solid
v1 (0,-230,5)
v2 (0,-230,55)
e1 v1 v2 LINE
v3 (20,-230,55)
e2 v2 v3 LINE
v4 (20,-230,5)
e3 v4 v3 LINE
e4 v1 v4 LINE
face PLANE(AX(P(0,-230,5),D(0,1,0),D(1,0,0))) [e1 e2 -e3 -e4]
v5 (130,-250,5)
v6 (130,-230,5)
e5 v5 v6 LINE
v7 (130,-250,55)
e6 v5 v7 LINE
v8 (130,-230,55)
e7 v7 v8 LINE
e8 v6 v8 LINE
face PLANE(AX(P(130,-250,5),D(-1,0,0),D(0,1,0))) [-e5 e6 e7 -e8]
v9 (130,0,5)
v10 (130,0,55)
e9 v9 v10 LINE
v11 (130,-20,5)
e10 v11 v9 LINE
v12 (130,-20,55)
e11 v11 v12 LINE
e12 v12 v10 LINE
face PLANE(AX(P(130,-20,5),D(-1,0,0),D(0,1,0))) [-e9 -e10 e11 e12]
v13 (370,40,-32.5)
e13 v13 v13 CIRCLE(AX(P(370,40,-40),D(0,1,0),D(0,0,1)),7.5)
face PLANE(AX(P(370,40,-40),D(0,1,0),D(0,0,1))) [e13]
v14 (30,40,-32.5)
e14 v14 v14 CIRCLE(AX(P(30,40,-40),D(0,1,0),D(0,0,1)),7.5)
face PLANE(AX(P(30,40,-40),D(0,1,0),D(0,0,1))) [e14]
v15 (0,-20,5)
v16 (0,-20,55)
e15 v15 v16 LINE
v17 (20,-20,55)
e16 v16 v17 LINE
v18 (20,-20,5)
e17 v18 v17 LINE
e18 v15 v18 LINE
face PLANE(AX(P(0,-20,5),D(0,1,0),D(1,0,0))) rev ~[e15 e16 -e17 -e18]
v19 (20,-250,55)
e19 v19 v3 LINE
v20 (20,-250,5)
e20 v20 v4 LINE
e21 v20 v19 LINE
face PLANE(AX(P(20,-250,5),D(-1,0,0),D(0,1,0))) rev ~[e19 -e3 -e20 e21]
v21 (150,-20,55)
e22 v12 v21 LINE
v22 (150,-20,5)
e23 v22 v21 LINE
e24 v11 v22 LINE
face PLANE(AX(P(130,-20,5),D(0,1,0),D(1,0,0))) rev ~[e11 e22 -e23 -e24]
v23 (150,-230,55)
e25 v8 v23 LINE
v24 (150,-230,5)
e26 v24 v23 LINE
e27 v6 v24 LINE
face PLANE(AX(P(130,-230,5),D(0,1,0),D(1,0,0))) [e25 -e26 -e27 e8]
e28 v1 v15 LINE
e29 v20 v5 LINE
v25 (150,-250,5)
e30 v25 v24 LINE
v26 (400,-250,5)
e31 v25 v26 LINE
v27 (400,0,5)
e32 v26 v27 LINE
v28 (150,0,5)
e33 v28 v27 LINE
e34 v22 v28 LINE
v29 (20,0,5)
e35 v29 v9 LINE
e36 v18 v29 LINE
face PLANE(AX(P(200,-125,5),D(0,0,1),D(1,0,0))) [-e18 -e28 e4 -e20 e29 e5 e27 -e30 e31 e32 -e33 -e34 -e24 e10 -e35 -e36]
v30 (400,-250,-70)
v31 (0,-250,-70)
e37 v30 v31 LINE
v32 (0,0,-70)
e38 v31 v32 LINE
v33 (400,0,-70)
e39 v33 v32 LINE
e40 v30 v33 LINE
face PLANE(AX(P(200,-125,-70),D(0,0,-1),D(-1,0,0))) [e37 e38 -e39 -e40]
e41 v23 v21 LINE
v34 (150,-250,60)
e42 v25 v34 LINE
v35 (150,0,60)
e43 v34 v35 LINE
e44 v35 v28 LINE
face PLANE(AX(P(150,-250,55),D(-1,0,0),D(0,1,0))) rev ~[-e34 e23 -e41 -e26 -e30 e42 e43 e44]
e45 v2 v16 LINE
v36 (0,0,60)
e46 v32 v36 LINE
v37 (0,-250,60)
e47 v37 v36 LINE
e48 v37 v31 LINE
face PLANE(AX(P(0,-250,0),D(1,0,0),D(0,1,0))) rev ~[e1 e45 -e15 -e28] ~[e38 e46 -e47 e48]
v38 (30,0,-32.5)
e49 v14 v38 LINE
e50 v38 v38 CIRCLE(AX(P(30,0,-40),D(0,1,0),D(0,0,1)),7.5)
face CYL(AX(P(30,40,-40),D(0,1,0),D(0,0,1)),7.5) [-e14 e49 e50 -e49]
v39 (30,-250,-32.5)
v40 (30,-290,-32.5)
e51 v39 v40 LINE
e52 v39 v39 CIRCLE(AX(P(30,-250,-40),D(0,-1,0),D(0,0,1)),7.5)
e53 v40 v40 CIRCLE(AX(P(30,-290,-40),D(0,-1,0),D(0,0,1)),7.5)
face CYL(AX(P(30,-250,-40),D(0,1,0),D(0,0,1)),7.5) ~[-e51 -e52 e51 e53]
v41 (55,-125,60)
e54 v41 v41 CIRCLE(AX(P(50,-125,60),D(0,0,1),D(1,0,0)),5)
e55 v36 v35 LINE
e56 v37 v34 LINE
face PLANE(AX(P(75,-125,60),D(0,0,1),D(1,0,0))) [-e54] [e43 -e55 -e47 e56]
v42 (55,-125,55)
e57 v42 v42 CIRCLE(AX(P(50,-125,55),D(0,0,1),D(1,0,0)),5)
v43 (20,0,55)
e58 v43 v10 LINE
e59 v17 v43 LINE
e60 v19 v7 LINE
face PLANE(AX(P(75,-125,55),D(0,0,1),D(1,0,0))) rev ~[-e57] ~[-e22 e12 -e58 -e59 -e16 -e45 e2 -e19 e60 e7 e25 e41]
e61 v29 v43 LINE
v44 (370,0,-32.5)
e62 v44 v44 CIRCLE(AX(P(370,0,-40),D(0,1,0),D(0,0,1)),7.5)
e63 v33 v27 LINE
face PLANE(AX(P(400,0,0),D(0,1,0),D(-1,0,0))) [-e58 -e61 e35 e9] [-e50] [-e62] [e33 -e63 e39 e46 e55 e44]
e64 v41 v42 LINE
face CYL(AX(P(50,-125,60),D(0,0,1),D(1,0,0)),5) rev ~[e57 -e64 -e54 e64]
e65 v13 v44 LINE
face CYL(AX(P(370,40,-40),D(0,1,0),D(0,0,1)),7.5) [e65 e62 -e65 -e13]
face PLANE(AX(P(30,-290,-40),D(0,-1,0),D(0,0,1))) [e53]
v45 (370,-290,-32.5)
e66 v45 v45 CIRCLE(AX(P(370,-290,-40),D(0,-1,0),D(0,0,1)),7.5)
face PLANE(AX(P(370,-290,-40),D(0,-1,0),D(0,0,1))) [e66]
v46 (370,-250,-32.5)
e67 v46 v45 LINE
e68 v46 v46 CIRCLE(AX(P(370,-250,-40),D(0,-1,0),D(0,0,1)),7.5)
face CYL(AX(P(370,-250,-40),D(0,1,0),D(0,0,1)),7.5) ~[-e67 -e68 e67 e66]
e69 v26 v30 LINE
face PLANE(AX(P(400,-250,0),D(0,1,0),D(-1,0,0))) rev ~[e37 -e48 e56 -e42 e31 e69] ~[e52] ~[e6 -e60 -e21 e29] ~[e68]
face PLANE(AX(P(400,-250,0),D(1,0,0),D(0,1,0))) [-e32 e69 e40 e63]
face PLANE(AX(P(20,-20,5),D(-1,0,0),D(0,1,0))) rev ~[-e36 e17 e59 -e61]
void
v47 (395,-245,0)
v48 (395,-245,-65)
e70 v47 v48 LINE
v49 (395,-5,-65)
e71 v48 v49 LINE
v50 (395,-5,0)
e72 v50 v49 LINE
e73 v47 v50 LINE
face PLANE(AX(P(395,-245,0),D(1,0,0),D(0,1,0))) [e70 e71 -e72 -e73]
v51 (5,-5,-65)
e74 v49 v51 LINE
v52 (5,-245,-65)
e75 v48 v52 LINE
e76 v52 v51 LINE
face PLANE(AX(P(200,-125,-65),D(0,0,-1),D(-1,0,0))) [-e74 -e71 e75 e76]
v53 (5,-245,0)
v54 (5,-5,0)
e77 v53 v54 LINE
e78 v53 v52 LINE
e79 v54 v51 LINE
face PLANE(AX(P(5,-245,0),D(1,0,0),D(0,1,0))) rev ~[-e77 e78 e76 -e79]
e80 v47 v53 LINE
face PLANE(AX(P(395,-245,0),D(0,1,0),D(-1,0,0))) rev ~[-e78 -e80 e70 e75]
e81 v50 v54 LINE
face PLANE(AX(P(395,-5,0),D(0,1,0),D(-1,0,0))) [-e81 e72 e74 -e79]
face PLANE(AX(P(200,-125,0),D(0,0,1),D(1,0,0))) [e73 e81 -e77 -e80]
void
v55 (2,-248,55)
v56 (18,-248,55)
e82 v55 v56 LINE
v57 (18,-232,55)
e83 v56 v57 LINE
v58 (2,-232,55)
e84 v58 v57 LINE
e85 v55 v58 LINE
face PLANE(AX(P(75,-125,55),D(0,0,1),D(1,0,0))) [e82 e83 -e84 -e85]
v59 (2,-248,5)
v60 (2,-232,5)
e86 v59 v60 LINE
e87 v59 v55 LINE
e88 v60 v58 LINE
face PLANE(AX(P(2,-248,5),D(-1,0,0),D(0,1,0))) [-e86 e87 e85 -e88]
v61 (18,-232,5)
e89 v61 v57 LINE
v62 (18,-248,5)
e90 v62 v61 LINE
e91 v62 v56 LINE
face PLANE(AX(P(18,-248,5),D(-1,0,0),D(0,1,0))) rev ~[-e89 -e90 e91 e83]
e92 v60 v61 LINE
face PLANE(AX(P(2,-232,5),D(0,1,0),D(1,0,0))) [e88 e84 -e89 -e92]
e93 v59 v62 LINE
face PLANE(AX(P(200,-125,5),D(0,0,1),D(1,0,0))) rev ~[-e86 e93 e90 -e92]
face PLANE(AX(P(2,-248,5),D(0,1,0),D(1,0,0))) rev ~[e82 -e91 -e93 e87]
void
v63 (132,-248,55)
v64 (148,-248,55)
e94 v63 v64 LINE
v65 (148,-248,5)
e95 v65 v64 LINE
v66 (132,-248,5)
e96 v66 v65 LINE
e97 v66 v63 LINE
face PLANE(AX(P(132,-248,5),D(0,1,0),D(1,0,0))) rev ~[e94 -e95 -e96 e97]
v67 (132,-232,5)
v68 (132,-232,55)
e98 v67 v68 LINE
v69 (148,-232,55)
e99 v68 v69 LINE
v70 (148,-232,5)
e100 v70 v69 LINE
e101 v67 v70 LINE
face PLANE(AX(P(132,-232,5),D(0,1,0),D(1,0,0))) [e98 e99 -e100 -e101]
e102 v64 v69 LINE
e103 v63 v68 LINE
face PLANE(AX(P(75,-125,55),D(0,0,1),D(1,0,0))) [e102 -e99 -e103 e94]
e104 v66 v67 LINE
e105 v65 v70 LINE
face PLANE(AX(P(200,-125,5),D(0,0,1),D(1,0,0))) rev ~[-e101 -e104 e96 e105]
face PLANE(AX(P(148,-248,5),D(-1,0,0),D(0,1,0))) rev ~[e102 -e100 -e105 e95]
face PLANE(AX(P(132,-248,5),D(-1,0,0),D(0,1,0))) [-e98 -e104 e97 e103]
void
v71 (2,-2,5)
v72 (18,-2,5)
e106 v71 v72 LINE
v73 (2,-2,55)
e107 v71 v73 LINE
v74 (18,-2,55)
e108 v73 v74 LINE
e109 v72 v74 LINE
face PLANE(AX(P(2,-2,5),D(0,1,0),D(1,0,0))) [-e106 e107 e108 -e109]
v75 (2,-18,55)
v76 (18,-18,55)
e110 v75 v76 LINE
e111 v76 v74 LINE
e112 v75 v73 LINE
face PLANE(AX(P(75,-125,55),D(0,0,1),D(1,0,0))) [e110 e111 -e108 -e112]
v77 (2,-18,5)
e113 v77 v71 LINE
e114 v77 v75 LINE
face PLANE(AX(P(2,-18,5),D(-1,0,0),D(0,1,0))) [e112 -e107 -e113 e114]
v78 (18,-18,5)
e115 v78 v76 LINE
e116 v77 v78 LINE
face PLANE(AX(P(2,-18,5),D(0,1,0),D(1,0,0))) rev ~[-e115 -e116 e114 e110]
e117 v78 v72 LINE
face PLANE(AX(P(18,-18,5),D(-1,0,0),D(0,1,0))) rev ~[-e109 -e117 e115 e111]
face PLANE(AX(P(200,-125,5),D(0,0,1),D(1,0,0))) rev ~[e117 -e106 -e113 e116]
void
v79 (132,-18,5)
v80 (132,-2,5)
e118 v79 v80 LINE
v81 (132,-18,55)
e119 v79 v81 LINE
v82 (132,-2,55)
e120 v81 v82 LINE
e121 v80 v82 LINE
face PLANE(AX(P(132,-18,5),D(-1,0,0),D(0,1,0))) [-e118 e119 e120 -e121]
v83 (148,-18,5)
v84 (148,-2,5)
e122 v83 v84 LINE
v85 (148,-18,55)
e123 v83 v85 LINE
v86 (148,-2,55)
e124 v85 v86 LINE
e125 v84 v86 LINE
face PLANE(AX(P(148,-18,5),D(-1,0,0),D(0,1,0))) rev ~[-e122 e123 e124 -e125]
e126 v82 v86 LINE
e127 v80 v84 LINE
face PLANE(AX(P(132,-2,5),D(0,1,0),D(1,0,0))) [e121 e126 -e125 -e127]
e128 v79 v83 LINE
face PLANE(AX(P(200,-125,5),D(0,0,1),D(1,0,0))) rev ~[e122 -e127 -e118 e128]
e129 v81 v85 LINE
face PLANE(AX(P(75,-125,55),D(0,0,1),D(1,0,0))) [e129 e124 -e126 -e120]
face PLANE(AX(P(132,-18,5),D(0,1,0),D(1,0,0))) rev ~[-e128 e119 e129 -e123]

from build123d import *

# Parameters (mm, degrees)
SKETCH1_W           = 400
SKETCH1_H           = 250
BOSS_EXTRUDE1_DEPTH = 5
SKETCH2_W           = 20
SKETCH2_H           = 20
SKETCH2_W_2         = 16
SKETCH2_H_2         = 16
BOSS_EXTRUDE3_DEPTH = 50
SKETCH3_W           = 150
SKETCH3_H           = 250
BOSS_EXTRUDE4_DEPTH = 5
SKETCH4_R           = 5
CUT_EXTRUDE1_DEPTH  = 5
SKETCH5_W           = 400
SKETCH5_H           = 250
SKETCH5_W_2         = 390
SKETCH5_H_2         = 240
BOSS_EXTRUDE5_DEPTH = 70
SKETCH6_W           = 400
SKETCH6_H           = 250
BOSS_EXTRUDE6_DEPTH = 5
SKETCH7_R           = 7.5
BOSS_EXTRUDE7_DEPTH = 40
BOSS_EXTRUDE8_START = 40
SKETCH8_R           = 7.5
BOSS_EXTRUDE8_DEPTH = 40


with BuildPart() as part:
    # Sketch1 → Boss-Extrude1 (new body)
    with BuildSketch(Plane.XY):
        with Locations((200, -125)):
            Rectangle(SKETCH1_W, SKETCH1_H)
    extrude(amount=BOSS_EXTRUDE1_DEPTH)

    # Sketch2 → Boss-Extrude3 (add)
    # profile 1 of 4: a face of its own
    with BuildSketch(Plane.XY.offset(5)):
        with Locations((10, -240)):
            Rectangle(SKETCH2_W, SKETCH2_H)
        with Locations((10, -240)):
            Rectangle(SKETCH2_W_2, SKETCH2_H_2, mode=Mode.SUBTRACT)
    # profile 2 of 4: a face of its own
    with BuildSketch(Plane.XY.offset(5)):
        with Locations((140, -240)):
            Rectangle(SKETCH2_W, SKETCH2_H)
        with Locations((140, -240)):
            Rectangle(SKETCH2_W_2, SKETCH2_H_2, mode=Mode.SUBTRACT)
    # profile 3 of 4: a face of its own
    with BuildSketch(Plane.XY.offset(5)):
        with Locations((10, -10)):
            Rectangle(SKETCH2_W, SKETCH2_H)
        with Locations((10, -10)):
            Rectangle(SKETCH2_W_2, SKETCH2_H_2, mode=Mode.SUBTRACT)
    # profile 4 of 4: a face of its own
    with BuildSketch(Plane.XY.offset(5)):
        with Locations((140, -10)):
            Rectangle(SKETCH2_W, SKETCH2_H)
        with Locations((140, -10)):
            Rectangle(SKETCH2_W_2, SKETCH2_H_2, mode=Mode.SUBTRACT)
    extrude(amount=BOSS_EXTRUDE3_DEPTH)

    # Sketch3 → Boss-Extrude4 (add)
    with BuildSketch(Plane.XY.offset(55)):
        with Locations((75, -125)):
            Rectangle(SKETCH3_W, SKETCH3_H)
    extrude(amount=BOSS_EXTRUDE4_DEPTH)

    # Sketch4 → Cut-Extrude1 (cut)
    with BuildSketch(Plane.XY.offset(60)):
        with Locations((50, -125)):
            Circle(SKETCH4_R)
    extrude(amount=-CUT_EXTRUDE1_DEPTH, mode=Mode.SUBTRACT)

    # Sketch5 → Boss-Extrude5 (add)
    with BuildSketch(Plane(origin=(0, 0, 0), x_dir=(-1, 0, 0), z_dir=(0, 0, -1))):
        with Locations((-200, -125)):
            Rectangle(SKETCH5_W, SKETCH5_H)
        with Locations((-200, -125)):
            Rectangle(SKETCH5_W_2, SKETCH5_H_2, mode=Mode.SUBTRACT)
    extrude(amount=BOSS_EXTRUDE5_DEPTH)

    # Sketch6 → Boss-Extrude6 (add)
    with BuildSketch(Plane(origin=(0, 0, -70), x_dir=(-1, 0, 0), z_dir=(0, 0, -1))):
        with Locations((-200, -125)):
            Rectangle(SKETCH6_W, SKETCH6_H)
    extrude(amount=-BOSS_EXTRUDE6_DEPTH)

    # Sketch7 → Boss-Extrude7 (add)
    with BuildSketch(Plane.XZ.offset(250)):
        with Locations(Location((30, -40, 0), (0, 0, 90))):
            Circle(SKETCH7_R)
        with Locations(Location((370, -40, 0), (0, 0, 90))):
            Circle(SKETCH7_R)
    extrude(amount=BOSS_EXTRUDE7_DEPTH)

    # Sketch8 → Boss-Extrude8 (add)
    with BuildSketch(Plane(origin=(0, 0, 0), x_dir=(1, 0, 0), z_dir=(0, 1, 0)).offset(BOSS_EXTRUDE8_START)):
        with Locations(Location((370, 40, 0), (0, 0, 270))):
            Circle(SKETCH8_R)
        with Locations(Location((30, 40, 0), (0, 0, 270))):
            Circle(SKETCH8_R)
    extrude(amount=-BOSS_EXTRUDE8_DEPTH)


solid = part.part
